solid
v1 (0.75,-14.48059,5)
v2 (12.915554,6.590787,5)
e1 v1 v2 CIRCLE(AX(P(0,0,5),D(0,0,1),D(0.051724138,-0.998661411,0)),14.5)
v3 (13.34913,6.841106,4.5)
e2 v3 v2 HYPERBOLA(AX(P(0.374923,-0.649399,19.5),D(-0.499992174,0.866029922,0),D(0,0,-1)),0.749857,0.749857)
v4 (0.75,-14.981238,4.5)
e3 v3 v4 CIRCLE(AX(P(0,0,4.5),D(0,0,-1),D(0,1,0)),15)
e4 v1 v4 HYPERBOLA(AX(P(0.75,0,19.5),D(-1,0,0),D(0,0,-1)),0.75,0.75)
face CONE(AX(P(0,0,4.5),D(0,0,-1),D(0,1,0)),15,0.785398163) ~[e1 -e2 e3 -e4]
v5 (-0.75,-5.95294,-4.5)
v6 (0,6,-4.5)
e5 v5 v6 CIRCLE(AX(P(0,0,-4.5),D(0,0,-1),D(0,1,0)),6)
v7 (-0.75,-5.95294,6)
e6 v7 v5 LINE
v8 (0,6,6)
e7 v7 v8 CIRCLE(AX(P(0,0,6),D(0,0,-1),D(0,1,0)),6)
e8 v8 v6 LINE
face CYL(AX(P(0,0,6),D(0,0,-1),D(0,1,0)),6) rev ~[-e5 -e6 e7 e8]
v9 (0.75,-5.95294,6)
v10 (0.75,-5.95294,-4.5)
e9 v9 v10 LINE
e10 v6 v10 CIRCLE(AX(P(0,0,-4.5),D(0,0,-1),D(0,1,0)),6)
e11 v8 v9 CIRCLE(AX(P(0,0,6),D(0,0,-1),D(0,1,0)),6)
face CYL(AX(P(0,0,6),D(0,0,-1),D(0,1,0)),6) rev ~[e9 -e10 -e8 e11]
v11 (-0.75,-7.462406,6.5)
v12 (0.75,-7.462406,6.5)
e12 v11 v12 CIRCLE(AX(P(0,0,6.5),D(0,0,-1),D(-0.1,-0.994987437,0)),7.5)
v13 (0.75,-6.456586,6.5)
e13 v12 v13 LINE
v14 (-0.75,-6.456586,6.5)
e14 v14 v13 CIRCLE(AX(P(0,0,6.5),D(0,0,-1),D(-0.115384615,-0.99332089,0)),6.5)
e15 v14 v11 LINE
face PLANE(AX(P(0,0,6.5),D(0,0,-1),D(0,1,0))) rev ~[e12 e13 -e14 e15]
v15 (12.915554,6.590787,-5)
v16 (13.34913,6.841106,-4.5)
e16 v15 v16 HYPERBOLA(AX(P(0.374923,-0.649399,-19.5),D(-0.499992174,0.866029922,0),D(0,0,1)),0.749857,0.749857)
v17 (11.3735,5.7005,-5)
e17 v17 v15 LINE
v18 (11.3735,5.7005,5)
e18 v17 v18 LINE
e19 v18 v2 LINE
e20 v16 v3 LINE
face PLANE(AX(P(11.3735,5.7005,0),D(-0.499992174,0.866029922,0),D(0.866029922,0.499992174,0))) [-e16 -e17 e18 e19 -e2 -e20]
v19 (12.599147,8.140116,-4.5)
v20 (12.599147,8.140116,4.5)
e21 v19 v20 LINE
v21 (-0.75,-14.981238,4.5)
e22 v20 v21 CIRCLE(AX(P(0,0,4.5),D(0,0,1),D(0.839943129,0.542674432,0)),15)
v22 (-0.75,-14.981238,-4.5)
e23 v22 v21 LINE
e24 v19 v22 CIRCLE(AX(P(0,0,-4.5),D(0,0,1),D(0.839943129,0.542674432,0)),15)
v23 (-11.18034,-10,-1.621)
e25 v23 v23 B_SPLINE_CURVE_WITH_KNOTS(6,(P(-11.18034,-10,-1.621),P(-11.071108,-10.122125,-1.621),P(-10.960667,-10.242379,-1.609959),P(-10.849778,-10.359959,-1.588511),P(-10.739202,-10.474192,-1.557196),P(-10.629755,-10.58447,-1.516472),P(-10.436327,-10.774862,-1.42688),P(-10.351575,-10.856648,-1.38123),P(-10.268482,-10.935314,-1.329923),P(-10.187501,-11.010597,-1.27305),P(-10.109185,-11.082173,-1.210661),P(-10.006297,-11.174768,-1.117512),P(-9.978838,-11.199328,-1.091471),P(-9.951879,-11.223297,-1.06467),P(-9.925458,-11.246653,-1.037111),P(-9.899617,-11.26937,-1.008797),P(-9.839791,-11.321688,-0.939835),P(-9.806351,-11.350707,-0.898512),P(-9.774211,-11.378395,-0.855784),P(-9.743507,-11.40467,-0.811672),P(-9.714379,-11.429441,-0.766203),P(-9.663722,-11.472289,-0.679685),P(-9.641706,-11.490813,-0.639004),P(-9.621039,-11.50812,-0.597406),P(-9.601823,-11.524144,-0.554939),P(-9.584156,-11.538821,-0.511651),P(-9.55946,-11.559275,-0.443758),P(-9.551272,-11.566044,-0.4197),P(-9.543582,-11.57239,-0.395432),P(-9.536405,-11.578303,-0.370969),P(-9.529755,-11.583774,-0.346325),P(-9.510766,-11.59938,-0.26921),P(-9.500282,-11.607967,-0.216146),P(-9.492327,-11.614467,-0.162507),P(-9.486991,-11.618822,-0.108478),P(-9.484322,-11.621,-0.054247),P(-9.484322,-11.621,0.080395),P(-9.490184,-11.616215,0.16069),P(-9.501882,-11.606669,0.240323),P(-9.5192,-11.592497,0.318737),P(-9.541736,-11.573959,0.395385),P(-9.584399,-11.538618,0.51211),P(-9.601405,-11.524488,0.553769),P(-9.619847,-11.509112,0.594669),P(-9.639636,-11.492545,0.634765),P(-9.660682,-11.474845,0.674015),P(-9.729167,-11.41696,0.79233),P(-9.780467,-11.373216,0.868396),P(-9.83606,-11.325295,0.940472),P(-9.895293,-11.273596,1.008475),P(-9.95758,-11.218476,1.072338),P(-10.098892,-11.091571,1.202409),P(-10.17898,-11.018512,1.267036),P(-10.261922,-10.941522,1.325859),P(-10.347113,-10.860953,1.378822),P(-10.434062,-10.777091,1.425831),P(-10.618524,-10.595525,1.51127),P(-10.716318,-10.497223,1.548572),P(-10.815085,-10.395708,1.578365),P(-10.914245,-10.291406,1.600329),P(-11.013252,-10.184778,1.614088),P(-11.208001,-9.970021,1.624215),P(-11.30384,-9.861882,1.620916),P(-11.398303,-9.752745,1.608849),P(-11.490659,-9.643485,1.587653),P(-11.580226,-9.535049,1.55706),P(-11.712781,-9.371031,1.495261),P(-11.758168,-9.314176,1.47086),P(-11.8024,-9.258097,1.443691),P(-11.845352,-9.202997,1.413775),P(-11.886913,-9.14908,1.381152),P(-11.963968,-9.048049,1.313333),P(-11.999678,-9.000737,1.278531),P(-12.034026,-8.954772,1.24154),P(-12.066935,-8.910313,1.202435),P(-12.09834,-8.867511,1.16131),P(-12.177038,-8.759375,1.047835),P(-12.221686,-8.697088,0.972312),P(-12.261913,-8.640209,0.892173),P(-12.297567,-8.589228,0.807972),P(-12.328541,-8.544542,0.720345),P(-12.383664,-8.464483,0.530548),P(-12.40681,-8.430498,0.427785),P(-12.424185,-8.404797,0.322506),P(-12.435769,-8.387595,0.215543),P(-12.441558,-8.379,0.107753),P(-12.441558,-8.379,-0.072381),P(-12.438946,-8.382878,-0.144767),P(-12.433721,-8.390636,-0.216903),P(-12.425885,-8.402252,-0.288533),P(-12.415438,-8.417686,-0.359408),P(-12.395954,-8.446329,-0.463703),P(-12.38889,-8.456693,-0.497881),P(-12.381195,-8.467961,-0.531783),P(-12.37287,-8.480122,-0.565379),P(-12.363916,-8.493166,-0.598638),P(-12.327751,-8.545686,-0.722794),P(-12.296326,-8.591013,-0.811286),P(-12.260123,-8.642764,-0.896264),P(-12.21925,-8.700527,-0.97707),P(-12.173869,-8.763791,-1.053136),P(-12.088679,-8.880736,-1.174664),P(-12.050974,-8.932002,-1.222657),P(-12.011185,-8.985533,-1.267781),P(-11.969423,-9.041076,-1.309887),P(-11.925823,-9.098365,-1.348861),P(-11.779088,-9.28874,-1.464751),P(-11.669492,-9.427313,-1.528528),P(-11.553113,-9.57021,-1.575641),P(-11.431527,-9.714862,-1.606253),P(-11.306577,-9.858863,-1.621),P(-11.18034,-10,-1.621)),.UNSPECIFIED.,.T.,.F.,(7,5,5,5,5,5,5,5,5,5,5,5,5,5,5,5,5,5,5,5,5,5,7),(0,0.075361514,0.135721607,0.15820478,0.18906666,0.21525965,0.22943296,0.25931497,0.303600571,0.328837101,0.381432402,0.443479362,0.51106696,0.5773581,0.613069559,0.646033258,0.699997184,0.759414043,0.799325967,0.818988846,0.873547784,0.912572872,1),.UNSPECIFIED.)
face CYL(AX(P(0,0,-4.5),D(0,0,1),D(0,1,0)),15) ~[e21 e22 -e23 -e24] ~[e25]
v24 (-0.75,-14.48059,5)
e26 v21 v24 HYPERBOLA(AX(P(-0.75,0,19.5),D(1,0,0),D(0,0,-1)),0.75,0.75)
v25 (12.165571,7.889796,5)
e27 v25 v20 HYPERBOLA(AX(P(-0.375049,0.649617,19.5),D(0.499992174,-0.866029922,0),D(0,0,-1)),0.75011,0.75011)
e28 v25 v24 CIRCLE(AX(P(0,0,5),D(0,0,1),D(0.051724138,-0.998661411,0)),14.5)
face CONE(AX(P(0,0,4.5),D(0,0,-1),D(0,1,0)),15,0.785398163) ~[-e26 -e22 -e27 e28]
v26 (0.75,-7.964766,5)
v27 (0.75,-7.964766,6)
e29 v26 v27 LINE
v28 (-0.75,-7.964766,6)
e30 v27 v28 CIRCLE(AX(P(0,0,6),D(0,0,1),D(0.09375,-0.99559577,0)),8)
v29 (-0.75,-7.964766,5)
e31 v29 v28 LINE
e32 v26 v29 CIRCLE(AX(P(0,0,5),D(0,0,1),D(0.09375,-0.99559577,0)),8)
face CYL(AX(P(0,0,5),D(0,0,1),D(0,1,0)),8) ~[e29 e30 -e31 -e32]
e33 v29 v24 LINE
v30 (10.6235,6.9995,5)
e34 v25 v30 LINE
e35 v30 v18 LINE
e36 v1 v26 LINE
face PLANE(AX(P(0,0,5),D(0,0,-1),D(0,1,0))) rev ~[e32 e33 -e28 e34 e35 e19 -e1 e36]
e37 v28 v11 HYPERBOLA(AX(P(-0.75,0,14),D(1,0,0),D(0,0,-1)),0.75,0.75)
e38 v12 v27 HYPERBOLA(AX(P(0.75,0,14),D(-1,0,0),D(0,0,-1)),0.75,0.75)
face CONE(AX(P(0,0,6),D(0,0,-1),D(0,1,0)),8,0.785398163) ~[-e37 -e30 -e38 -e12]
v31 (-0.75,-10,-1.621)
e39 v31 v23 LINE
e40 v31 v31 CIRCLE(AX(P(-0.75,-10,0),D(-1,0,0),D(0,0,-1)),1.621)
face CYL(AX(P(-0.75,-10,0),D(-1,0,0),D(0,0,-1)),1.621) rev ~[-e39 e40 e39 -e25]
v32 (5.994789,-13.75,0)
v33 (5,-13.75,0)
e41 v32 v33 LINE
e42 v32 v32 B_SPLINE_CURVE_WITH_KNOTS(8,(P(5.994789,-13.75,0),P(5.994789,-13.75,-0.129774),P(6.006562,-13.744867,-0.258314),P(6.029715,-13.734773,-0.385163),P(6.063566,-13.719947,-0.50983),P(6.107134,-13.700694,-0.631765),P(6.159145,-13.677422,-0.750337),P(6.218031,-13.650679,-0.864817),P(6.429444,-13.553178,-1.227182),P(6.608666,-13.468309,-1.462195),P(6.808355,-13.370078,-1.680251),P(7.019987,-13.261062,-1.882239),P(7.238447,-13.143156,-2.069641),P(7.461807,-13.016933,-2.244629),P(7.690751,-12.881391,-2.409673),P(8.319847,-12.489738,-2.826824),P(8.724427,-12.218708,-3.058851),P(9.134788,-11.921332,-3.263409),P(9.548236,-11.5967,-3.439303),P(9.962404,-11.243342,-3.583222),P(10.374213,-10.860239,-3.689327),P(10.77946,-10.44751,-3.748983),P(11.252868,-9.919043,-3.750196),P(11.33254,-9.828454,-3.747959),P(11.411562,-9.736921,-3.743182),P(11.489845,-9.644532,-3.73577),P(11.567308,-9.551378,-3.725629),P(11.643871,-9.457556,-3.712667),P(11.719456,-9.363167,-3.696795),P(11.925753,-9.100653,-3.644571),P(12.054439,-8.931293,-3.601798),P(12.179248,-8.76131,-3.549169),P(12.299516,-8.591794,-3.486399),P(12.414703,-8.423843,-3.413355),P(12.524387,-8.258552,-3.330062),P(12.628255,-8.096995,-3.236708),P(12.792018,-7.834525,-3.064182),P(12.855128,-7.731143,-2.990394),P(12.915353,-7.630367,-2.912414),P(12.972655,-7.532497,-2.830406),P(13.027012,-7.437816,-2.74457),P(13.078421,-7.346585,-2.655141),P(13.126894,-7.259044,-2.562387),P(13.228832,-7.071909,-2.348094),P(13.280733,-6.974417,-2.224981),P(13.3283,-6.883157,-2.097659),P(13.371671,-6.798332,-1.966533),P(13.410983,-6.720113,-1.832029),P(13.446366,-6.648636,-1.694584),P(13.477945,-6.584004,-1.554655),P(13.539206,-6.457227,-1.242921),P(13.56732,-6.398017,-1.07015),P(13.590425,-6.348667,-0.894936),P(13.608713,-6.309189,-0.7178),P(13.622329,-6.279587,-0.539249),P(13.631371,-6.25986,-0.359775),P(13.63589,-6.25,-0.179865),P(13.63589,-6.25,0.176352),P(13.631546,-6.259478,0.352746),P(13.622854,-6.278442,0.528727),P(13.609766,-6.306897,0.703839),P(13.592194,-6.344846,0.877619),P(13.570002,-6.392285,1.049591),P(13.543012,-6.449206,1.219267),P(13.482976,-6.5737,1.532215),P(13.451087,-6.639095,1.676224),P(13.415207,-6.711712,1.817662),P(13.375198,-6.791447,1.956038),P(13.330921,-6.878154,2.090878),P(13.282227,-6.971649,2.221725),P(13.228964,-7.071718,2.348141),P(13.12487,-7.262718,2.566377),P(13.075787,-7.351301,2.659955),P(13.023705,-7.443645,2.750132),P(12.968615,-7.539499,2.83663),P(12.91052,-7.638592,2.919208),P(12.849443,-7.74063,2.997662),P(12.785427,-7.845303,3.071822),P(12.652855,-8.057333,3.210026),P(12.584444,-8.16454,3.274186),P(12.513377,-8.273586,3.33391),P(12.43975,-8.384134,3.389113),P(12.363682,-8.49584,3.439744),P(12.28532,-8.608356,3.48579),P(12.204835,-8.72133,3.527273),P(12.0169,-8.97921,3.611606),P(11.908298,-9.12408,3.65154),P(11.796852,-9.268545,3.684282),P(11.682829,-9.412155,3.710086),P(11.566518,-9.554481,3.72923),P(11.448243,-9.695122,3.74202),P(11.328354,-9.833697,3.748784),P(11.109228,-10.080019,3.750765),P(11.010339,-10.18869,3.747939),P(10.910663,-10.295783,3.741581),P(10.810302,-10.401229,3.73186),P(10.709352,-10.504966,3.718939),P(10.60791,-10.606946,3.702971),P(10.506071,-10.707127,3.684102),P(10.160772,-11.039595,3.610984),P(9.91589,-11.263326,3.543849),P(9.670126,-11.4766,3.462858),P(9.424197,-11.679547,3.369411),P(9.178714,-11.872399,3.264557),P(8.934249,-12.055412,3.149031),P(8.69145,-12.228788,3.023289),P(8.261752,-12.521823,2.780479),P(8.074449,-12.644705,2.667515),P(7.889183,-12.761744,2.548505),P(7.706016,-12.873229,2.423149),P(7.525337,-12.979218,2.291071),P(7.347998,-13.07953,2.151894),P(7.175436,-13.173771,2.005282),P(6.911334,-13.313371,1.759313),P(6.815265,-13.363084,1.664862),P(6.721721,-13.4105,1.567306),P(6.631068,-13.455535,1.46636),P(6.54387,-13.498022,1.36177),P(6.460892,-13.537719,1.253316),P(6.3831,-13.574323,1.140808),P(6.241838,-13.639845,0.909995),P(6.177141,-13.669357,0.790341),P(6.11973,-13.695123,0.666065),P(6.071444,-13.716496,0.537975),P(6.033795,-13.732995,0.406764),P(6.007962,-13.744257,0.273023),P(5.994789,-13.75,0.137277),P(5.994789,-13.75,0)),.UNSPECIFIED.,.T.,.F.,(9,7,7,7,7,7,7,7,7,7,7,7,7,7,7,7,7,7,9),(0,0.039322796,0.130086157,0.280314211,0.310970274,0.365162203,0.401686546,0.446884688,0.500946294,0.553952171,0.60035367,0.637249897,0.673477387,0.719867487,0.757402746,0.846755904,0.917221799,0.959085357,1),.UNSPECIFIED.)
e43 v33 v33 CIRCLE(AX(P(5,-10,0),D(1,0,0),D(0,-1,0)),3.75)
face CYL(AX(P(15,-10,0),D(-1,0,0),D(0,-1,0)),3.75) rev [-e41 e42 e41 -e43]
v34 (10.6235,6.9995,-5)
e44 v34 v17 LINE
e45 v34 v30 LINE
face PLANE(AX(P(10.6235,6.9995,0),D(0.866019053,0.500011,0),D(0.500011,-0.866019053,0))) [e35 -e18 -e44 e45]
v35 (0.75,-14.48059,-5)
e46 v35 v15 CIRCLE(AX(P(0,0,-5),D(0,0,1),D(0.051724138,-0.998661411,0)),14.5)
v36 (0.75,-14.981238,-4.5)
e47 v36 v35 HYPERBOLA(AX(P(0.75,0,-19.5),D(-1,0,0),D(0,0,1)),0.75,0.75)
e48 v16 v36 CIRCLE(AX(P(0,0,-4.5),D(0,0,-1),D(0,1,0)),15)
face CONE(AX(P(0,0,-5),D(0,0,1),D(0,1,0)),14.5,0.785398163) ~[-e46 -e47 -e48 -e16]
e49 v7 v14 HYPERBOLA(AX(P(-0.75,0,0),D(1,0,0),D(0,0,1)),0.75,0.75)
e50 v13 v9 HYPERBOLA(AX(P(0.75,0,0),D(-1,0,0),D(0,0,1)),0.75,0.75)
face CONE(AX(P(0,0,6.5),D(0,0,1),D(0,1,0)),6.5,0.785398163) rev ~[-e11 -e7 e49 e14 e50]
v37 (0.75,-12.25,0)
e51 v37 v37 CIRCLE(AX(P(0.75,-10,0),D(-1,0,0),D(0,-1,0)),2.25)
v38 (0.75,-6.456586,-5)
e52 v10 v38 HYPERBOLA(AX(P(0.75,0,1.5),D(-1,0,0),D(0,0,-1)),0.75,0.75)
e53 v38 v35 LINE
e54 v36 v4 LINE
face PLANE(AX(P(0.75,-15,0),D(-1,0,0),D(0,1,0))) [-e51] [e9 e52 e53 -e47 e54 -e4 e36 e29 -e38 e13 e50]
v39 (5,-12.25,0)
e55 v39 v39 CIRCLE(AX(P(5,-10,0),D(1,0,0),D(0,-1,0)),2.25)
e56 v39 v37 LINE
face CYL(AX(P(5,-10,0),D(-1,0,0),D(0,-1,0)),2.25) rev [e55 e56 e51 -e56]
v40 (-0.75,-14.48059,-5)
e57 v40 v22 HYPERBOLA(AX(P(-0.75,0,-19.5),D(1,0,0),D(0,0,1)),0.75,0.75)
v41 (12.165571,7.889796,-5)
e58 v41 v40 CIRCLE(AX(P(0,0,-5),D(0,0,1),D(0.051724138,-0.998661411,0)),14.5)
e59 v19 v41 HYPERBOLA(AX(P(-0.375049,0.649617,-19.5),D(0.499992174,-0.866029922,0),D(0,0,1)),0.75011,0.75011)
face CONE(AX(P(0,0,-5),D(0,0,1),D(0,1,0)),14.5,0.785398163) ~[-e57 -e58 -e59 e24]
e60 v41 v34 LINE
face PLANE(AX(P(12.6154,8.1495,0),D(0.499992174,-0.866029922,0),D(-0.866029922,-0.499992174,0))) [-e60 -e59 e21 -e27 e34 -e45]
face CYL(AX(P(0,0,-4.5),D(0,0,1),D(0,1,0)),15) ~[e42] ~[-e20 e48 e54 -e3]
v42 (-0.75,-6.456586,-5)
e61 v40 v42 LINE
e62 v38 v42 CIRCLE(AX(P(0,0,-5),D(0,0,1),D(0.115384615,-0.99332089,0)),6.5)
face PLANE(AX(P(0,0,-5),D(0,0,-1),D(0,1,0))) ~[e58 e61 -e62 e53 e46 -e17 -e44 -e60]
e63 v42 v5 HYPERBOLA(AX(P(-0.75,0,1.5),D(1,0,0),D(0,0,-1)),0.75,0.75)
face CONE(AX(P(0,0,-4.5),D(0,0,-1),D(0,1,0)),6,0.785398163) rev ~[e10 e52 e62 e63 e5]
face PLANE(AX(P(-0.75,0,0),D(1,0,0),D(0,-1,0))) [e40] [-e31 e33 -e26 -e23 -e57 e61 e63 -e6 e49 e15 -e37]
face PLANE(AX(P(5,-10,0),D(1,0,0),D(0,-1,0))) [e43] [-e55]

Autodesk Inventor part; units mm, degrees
sketch "Sketch_1" plane through (0, 0, 0) normal (1, 0, 0) x (0, 1, 0)
  line L0 (0, -5) -> (0, 6.5)
  line L1 (7.5, 6.5) -> (6.5, 6.5)
  line L2 (6.5, 6.5) -> (6, 6)
  line L3 (6, 6) -> (6, -4.5)
  line L4 (6, -4.5) -> (6.5, -5)
  line L5 (6.5, -5) -> (14.5, -5)
  line L6 (14.5, -5) -> (15, -4.5)
  line L7 (15, -4.5) -> (15, 4.5)
  line L8 (15, 4.5) -> (14.5, 5)
  line L9 (14.5, 5) -> (8, 5)
  line L10 (8, 5) -> (8, 6)
  line L11 (8, 6) -> (7.5, 6.5)
revolve "Revolution1" add sketch "Sketch_1" angle 360 about axis through (0, 0, -5) along (0, 0, -1)
sketch "Sketch_2" plane through (0, 0, 0) normal (0, 0, 1) x (1, 0, 0)
  line L0 (-0.75, -15) -> (0.75, -15)
  line L1 (0.75, -15) -> (0.75, 0)
  line L2 (0.75, 0) -> (-0.75, 0)
  line L3 (-0.75, 0) -> (-0.75, -15)
extrude "Extrusion1" cut sketch "Sketch_2" along normal mid plane 23
sketch "Sketch_3" plane through (0, 0, 0) normal (0, 0, 1) x (1, 0, 0)
  line L0 (0, -10) -> (15, -10)
  line L1 (15, -10) -> (15, -13.75)
  line L2 (15, -13.75) -> (5, -13.75)
  line L3 (5, -13.75) -> (5, -12.25)
  line L4 (5, -12.25) -> (0, -12.25)
  line L5 (0, -12.25) -> (0, -10)
  line L6 (0, -10) -> (15, -10)
revolve "Revolution2" cut sketch "Sketch_3" angle 360 about axis through (0, -10, 0) along (1, 0, 0)
sketch "Sketch4" plane through (-0.75, -14.4806, -5) normal (1, 0, 0) x (0, 0, -1)
  point P0 (-5, 4.4806)
hole "Hole1" at (-0.75, -10, 0) direction (-1, 0, 0) diameter 3.242 depth 15 thread size "M4x0.7" class "6H" standard "ISO Metric profile"
sketch "_____1" plane through (0, 0, 0) normal (0, 0, 1) x (1, 0, 0)
  line L0 (10.6235, 6.9995) -> (11.3735, 5.7005)
  line L1 (11.3735, 5.7005) -> (13.3654, 6.8505)
  line L2 (13.3654, 6.8505) -> (12.6154, 8.1495)
  line L3 (12.6154, 8.1495) -> (10.6235, 6.9995)
extrude "Extrusion2" cut sketch "_____1" along normal mid plane 10
ref_plane "body_screw_XY" through (5, -10, 0) normal (1, 0, 0) x (0, 0, -1)
ref_plane "body_screw_YZ" through (5, -10, 0) normal (0, 0, -1) x (0, 1, 0)
ref_plane "body_screw_ZX" through (5, -10, 0) normal (0, 1, 0) x (1, 0, 0)
properties part number "C-SCSBNAW12-16_b"
